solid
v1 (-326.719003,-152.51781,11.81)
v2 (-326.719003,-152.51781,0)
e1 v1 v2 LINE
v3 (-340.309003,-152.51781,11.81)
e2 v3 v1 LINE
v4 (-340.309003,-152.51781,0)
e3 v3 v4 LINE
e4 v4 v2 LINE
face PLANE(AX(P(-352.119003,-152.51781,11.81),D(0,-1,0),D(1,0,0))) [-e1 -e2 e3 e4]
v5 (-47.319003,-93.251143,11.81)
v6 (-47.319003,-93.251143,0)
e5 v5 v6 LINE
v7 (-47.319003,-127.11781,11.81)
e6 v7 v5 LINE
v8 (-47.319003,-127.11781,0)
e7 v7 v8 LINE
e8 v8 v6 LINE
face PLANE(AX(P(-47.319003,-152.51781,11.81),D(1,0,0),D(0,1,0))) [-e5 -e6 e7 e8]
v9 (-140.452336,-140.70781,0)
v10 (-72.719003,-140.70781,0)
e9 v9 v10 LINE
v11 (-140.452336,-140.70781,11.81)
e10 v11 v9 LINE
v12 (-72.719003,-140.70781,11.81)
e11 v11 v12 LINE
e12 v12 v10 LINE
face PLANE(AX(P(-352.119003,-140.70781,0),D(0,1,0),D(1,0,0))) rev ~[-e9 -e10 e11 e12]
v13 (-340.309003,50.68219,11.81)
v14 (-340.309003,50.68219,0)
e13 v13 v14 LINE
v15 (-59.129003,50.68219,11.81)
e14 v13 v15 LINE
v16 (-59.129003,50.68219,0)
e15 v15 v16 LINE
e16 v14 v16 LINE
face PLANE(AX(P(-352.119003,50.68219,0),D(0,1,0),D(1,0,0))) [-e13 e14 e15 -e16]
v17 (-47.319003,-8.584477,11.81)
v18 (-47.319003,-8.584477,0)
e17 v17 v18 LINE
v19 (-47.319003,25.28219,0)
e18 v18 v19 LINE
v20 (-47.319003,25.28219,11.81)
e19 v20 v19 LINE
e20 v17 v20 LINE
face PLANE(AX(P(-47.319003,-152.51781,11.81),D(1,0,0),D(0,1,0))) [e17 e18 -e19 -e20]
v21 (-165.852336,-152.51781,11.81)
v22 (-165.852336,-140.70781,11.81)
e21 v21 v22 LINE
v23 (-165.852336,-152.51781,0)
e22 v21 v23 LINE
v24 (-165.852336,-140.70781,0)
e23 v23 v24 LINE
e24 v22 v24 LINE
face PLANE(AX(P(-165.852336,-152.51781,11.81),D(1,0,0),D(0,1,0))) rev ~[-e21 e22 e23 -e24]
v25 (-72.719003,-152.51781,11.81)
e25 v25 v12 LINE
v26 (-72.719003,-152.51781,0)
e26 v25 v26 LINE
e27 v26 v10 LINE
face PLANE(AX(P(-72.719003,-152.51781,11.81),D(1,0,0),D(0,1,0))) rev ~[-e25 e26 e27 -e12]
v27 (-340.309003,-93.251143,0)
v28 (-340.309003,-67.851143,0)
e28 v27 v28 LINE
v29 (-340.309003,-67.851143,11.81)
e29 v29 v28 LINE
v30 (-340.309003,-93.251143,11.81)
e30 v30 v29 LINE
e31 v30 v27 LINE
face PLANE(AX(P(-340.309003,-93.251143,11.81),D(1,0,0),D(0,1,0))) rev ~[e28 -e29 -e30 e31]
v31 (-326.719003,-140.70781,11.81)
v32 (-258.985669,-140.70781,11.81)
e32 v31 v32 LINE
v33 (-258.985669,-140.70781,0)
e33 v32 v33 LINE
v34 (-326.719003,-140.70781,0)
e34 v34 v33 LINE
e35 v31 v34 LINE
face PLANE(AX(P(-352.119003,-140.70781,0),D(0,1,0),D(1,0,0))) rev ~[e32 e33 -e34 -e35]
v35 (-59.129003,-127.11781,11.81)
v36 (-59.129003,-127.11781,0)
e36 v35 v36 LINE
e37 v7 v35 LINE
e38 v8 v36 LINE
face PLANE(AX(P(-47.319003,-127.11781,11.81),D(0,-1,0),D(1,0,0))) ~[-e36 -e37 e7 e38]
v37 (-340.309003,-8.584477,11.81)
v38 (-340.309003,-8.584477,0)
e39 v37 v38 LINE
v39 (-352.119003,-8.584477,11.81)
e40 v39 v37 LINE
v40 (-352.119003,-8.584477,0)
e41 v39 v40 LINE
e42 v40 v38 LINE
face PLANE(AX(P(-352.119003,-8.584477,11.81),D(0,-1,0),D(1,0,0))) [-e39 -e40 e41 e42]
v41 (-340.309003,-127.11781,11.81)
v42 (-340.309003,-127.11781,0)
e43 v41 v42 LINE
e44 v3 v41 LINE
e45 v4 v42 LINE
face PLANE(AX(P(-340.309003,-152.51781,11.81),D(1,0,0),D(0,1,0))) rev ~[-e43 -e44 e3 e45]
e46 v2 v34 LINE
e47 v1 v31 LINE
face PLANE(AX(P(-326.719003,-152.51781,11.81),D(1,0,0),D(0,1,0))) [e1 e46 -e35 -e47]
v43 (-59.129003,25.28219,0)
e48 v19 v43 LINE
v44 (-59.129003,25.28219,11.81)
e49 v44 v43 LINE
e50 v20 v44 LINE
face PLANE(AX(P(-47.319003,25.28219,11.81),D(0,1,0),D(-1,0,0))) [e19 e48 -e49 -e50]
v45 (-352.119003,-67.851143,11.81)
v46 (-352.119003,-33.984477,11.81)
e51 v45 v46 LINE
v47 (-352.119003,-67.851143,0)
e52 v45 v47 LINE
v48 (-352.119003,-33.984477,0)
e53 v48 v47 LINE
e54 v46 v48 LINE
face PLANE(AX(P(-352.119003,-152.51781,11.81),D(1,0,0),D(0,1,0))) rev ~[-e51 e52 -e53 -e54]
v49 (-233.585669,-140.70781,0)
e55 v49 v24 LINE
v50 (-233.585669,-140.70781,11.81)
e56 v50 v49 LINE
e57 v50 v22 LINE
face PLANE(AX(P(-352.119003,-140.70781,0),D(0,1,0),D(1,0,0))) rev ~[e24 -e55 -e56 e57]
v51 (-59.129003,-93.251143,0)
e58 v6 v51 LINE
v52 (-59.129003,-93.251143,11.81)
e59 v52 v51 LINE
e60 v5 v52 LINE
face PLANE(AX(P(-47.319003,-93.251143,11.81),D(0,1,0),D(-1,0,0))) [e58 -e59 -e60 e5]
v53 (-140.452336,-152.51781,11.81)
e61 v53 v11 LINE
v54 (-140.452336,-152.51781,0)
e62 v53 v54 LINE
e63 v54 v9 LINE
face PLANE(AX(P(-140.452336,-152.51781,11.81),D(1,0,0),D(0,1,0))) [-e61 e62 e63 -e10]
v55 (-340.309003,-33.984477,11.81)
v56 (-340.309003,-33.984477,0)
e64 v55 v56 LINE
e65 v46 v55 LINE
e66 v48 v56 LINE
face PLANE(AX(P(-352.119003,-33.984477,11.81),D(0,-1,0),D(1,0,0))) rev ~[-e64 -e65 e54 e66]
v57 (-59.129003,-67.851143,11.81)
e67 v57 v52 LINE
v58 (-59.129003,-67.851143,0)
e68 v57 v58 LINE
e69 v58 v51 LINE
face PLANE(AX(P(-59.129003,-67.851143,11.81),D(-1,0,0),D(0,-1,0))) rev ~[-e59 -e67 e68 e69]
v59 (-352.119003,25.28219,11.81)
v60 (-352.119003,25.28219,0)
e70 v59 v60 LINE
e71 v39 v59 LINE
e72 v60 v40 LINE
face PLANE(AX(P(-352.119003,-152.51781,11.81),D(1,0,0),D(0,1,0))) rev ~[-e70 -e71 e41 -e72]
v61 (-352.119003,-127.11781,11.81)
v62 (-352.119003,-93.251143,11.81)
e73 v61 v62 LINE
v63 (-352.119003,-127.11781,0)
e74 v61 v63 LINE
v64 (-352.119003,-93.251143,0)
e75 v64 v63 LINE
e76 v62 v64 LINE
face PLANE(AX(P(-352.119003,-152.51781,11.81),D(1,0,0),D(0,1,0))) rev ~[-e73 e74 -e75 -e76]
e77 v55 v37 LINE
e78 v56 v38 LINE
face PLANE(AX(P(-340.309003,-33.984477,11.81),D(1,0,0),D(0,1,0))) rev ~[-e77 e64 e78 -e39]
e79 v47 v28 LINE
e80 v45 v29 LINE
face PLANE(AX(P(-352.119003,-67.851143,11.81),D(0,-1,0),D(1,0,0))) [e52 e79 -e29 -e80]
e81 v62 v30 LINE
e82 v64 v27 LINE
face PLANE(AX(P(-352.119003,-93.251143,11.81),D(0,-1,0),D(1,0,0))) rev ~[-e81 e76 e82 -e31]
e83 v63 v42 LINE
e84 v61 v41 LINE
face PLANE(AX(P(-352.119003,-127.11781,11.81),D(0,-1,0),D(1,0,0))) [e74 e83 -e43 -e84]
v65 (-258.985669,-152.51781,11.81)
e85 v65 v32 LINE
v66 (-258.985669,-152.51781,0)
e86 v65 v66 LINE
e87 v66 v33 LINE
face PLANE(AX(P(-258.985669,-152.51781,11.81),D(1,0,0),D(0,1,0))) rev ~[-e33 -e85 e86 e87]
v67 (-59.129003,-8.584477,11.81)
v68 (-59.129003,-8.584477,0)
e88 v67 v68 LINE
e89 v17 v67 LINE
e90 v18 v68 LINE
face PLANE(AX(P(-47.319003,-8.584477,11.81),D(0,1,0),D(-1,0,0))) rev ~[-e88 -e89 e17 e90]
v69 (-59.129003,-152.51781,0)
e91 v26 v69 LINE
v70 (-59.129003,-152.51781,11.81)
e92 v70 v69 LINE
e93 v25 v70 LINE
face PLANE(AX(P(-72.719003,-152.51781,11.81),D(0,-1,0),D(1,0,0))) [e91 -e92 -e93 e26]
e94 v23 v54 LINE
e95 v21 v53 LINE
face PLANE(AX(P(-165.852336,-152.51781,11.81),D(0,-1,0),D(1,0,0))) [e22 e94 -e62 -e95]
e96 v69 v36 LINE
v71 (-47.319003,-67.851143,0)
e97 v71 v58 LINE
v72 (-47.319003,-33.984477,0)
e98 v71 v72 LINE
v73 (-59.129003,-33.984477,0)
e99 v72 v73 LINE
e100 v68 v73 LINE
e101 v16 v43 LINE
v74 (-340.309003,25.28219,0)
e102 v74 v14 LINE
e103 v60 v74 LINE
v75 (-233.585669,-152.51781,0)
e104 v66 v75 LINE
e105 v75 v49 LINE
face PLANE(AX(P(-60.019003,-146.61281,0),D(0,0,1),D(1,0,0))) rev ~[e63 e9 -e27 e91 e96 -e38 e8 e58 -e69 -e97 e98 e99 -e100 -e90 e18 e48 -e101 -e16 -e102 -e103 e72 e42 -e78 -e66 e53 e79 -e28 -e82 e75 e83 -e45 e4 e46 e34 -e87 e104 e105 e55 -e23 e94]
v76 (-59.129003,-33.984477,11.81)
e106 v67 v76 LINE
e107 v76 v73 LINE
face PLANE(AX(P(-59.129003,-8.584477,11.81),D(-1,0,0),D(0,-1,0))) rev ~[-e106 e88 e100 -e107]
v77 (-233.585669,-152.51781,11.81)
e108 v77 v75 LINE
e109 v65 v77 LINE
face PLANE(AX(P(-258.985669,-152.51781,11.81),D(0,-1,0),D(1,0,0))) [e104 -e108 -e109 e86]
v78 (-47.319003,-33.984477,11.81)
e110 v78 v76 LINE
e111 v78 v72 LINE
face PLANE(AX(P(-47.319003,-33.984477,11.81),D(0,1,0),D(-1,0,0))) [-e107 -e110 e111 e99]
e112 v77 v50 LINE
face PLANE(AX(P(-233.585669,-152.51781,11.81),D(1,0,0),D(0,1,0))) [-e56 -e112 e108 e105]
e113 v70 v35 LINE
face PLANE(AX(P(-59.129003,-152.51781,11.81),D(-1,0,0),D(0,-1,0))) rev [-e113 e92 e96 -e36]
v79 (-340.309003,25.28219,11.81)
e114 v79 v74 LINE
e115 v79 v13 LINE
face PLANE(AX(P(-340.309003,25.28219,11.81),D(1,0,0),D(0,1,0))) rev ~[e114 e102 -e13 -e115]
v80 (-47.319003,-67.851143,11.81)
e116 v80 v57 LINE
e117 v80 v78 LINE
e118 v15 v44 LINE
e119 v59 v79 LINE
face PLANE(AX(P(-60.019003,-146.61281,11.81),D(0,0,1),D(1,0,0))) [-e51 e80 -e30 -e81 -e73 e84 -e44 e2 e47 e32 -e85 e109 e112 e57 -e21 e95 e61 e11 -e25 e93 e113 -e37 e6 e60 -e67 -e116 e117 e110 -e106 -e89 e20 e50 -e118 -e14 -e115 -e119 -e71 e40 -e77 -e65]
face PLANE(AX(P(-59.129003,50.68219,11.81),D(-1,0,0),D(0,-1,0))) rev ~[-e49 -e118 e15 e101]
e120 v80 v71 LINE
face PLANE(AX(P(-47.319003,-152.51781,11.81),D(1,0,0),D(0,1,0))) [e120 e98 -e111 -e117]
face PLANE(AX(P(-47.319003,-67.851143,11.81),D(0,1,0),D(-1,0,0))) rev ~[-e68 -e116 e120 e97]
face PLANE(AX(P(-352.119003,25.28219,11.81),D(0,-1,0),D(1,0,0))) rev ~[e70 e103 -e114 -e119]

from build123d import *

# Parameters (mm, degrees)
BASE_SKETCH_W           = 304.8
BASE_SKETCH_H           = 191.39
BOSS_EXTRUDE1_DEPTH     = 11.81
JOINT_X_W               = 25.4
JOINT_X_H               = 11.81
BOSS_EXTRUDE2_DEPTH     = 11.81
JOINT_Y_W               = 11.81
JOINT_Y_H               = 25.4
CUT_EXTRUDE1_DEPTH      = 384.912686042
LPATTERN1_COUNT         = 4
LPATTERN1_PITCH         = 93.133333333
LPATTERN2_COUNT         = 4
LPATTERN2_PITCH         = 59.266666667
MIRROR1_COPY_1_SKETCH_W = 11.81
MIRROR1_COPY_1_SKETCH_H = 25.4
MIRROR1_COPY_1_DEPTH    = 384.912686042
MIRROR1_COPY_2_SKETCH_W = 11.81
MIRROR1_COPY_2_SKETCH_H = 25.4
MIRROR1_COPY_2_DEPTH    = 384.912686042
MIRROR1_COPY_3_SKETCH_W = 11.81
MIRROR1_COPY_3_SKETCH_H = 25.4
MIRROR1_COPY_3_DEPTH    = 384.912686042


with BuildPart() as part:
    # Base_Sketch → Boss-Extrude1 (new body)
    with BuildSketch(Plane.XY):
        with Locations((-199.719002607, -45.012810132)):
            Rectangle(BASE_SKETCH_W, BASE_SKETCH_H)
    extrude(amount=BOSS_EXTRUDE1_DEPTH)

    # Joint_X → Boss-Extrude2 (add)
    with BuildSketch(Plane.XY.offset(11.81)):
        with Locations((-339.419002607, -146.612810132)):
            Rectangle(JOINT_X_W, JOINT_X_H)
    boss_extrude2 = extrude(amount=-BOSS_EXTRUDE2_DEPTH)

    # Joint_Y → Cut-Extrude1 (cut, through all)
    with BuildSketch(Plane.XY.offset(11.81)):
        with Locations((-346.214002607, -139.817810132)):
            Rectangle(JOINT_Y_W, JOINT_Y_H)
    cut_extrude1 = extrude(amount=-CUT_EXTRUDE1_DEPTH, mode=Mode.SUBTRACT)

    # LPattern1: Boss-Extrude2 ×4
    with Locations(*[(i * LPATTERN1_PITCH, 0, 0) for i in range(1, LPATTERN1_COUNT)]):
        add(boss_extrude2)

    # LPattern2: Cut-Extrude1 ×4
    with Locations(*[(0, i * LPATTERN2_PITCH, 0) for i in range(1, LPATTERN2_COUNT)]):
        add(cut_extrude1, mode=Mode.SUBTRACT)

    # Mirror1: Cut-Extrude1 across plane
    add(cut_extrude1.mirror(Plane.ZY.offset(199.719002607)), mode=Mode.SUBTRACT)

    # Mirror1 copy 1 sketch → Mirror1 copy 1 (cut, through all)
    with BuildSketch(Plane(origin=(-399.438005213, 59.266666667, 11.81), x_dir=(-1, 0, 0), z_dir=(0, 0, 1))):
        with Locations((-346.214002607, 139.817810132)):
            Rectangle(MIRROR1_COPY_1_SKETCH_W, MIRROR1_COPY_1_SKETCH_H)
    extrude(amount=-MIRROR1_COPY_1_DEPTH, mode=Mode.SUBTRACT)

    # Mirror1 copy 2 sketch → Mirror1 copy 2 (cut, through all)
    with BuildSketch(Plane(origin=(-399.438005213, 118.533333333, 11.81), x_dir=(-1, 0, 0), z_dir=(0, 0, 1))):
        with Locations((-346.214002607, 139.817810132)):
            Rectangle(MIRROR1_COPY_2_SKETCH_W, MIRROR1_COPY_2_SKETCH_H)
    extrude(amount=-MIRROR1_COPY_2_DEPTH, mode=Mode.SUBTRACT)

    # Mirror1 copy 3 sketch → Mirror1 copy 3 (cut, through all)
    with BuildSketch(Plane(origin=(-399.438005213, 177.8, 11.81), x_dir=(-1, 0, 0), z_dir=(0, 0, 1))):
        with Locations((-346.214002607, 139.817810132)):
            Rectangle(MIRROR1_COPY_3_SKETCH_W, MIRROR1_COPY_3_SKETCH_H)
    extrude(amount=-MIRROR1_COPY_3_DEPTH, mode=Mode.SUBTRACT)


solid = part.part
